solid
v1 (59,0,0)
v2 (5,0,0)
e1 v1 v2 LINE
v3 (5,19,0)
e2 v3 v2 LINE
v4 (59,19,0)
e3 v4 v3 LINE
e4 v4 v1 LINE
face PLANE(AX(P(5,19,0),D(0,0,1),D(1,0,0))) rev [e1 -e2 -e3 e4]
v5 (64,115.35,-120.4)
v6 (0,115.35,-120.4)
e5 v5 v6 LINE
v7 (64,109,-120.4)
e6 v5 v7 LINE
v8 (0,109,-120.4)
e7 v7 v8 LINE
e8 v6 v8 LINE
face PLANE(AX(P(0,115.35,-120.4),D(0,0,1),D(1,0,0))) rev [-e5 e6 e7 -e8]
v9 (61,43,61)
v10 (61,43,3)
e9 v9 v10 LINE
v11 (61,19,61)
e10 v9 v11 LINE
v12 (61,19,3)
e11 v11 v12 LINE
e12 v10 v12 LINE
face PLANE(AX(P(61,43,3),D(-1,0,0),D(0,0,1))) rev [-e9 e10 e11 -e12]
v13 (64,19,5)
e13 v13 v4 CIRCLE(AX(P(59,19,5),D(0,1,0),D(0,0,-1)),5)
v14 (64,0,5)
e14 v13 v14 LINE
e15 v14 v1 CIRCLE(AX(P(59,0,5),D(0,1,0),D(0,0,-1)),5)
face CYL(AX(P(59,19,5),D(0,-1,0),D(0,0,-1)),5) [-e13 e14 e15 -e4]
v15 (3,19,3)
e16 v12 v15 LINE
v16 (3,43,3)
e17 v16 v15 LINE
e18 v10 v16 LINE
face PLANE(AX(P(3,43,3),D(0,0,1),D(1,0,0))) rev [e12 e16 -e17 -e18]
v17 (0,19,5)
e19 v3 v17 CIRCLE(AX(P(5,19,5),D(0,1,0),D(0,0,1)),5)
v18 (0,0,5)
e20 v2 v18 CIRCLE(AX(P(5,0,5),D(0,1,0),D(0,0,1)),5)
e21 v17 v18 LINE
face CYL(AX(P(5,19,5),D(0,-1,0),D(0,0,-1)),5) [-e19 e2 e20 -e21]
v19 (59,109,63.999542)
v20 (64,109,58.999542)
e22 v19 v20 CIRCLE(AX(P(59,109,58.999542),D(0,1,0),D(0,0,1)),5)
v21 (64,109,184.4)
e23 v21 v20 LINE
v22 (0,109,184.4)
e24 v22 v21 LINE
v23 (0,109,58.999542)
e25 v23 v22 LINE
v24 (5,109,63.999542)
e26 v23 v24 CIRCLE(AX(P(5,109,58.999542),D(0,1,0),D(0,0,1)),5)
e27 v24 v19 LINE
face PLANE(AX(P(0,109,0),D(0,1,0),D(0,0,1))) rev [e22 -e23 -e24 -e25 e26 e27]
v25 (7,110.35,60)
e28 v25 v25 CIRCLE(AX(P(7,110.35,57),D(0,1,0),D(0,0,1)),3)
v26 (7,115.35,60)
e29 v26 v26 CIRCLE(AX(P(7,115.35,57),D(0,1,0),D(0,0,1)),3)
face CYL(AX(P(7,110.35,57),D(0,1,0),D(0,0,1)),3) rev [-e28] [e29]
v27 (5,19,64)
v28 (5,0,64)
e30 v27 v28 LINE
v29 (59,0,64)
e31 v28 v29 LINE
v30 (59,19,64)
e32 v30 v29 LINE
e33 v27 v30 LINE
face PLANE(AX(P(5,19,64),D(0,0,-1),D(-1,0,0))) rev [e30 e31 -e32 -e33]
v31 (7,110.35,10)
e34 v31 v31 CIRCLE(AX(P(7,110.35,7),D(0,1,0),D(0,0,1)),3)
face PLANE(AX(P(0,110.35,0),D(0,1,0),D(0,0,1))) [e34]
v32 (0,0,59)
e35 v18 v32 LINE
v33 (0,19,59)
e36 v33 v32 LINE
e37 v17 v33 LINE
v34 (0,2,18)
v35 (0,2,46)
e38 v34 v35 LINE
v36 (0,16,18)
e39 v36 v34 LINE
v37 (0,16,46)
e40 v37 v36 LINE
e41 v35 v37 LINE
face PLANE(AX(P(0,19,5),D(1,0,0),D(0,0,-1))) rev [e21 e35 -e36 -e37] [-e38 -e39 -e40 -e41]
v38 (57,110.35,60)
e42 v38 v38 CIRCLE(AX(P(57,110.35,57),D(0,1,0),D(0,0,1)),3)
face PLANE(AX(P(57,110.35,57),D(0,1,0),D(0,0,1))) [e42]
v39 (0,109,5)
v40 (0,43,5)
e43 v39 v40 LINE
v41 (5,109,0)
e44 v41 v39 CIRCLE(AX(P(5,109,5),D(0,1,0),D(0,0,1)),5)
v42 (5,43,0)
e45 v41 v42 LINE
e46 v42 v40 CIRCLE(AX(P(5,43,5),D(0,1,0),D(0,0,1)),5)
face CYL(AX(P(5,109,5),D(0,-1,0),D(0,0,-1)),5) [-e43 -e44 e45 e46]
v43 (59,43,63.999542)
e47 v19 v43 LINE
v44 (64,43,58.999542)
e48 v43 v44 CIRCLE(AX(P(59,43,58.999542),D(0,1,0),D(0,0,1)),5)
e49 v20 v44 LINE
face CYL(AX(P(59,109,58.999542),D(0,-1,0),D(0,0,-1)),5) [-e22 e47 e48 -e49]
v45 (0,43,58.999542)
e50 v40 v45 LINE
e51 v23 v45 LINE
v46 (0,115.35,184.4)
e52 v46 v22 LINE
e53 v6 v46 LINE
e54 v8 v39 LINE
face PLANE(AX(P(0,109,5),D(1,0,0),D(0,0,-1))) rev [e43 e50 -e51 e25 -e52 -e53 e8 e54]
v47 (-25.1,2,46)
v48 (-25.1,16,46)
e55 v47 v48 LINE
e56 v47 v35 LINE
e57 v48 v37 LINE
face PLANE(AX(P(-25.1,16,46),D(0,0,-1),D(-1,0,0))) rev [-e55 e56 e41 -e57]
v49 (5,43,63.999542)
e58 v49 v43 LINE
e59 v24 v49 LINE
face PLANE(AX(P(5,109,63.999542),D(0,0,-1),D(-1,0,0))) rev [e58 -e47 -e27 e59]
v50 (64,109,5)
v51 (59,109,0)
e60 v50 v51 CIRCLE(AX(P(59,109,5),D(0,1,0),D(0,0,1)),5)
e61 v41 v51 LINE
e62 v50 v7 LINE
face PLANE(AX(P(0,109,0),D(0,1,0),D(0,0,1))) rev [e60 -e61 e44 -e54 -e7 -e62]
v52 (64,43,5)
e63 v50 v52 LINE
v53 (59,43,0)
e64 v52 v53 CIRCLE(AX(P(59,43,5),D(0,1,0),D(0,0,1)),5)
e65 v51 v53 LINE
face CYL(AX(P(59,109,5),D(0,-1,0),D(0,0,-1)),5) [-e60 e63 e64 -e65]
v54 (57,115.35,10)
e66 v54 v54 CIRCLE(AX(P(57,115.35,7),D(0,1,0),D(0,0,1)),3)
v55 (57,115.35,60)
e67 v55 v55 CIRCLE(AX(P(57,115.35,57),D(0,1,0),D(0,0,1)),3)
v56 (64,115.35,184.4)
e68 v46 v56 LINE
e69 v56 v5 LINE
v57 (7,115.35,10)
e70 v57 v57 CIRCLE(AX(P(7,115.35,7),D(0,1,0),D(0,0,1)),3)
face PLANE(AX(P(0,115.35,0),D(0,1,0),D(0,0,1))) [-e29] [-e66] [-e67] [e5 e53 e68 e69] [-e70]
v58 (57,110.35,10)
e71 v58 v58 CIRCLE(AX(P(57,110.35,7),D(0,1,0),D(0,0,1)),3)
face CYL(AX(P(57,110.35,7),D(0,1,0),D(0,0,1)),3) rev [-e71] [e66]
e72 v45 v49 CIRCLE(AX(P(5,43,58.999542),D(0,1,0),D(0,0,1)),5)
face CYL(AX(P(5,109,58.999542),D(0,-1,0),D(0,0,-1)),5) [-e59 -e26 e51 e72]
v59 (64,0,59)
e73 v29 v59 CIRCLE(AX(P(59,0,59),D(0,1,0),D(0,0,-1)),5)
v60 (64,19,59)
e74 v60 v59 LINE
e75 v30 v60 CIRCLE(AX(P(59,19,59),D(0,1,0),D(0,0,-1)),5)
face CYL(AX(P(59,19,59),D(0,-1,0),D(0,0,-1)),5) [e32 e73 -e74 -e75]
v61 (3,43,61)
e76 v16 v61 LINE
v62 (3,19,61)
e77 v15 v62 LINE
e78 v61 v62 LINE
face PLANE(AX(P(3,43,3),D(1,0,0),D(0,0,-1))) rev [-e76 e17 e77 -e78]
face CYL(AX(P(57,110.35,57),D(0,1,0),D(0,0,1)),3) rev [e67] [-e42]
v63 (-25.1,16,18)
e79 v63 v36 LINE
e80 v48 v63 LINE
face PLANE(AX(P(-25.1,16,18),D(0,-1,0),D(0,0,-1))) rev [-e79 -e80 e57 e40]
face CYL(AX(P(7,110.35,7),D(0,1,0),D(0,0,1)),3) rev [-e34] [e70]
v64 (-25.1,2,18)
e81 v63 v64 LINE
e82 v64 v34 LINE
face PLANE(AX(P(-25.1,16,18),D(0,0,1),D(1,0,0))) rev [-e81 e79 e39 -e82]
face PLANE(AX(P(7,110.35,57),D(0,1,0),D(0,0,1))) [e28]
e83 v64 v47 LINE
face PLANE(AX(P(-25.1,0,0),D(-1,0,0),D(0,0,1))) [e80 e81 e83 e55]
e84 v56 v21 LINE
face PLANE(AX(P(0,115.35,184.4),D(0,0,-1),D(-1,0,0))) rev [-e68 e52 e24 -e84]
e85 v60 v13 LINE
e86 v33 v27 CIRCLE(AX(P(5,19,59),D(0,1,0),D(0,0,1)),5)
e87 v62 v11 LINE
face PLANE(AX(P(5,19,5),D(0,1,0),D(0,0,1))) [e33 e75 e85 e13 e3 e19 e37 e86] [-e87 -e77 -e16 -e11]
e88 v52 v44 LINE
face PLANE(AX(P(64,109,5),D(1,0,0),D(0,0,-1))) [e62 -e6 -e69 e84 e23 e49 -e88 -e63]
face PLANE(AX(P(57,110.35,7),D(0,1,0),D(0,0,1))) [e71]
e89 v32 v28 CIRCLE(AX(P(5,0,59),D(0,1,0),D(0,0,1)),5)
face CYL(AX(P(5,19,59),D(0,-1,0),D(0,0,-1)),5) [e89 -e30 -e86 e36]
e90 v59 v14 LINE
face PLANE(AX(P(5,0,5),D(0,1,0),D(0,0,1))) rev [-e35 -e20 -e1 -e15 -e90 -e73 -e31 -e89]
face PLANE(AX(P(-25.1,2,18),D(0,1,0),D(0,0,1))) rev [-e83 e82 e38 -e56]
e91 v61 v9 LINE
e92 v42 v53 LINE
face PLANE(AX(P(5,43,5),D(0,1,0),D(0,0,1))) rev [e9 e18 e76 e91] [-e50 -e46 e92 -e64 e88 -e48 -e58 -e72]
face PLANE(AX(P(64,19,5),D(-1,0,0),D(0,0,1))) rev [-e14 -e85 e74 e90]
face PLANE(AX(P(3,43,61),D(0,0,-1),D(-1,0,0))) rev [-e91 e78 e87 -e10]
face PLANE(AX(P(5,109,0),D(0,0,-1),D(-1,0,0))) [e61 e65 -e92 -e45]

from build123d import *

# Parameters (mm, degrees)
BOSS_EXTRUDE1_DEPTH = 19
SKETCH3_W           = 58
SKETCH3_H           = 58
BOSS_EXTRUDE2_DEPTH = 24
BOSS_EXTRUDE3_DEPTH = 66
SKETCH6_W           = 28
SKETCH6_H           = 14
BOSS_EXTRUDE4_DEPTH = 25.1
SKETCH7_W           = 64
SKETCH7_H           = 304.8
BOSS_EXTRUDE5_DEPTH = 6.35
SKETCH8_R           = 3
CUT_EXTRUDE1_DEPTH  = 5


with BuildPart() as part:
    # Sketch2 → Boss-Extrude1 (new body)
    with BuildSketch(Plane(origin=(0, 0, 0), x_dir=(1, 0, 0), z_dir=(0, 1, 0))):
        with BuildLine():
            Line((5, 0), (59, 0))
            ThreePointArc((59, 0), (62.535533906, -1.464466094), (64, -5))
            Line((64, -5), (64, -59))
            ThreePointArc((64, -59), (62.535533906, -62.535533906), (59, -64))
            Line((59, -64), (5, -64))
            ThreePointArc((5, -64), (1.464466094, -62.535533906), (0, -59))
            Line((0, -59), (0, -5))
            ThreePointArc((0, -5), (1.464466094, -1.464466094), (5, 0))
        make_face()
    extrude(amount=BOSS_EXTRUDE1_DEPTH)

    # Sketch3 → Boss-Extrude2 (add)
    with BuildSketch(Plane(origin=(0, 19, 0), x_dir=(1, 0, 0), z_dir=(0, 1, 0))):
        with Locations((32, -32)):
            Rectangle(SKETCH3_W, SKETCH3_H)
    extrude(amount=BOSS_EXTRUDE2_DEPTH)

    # Sketch4 → Boss-Extrude3 (add)
    with BuildSketch(Plane(origin=(0, 43, 0), x_dir=(1, 0, 0), z_dir=(0, 1, 0))):
        with BuildLine():
            Line((5, 0), (59, 0))
            ThreePointArc((59, 0), (62.535533906, -1.464466094), (64, -5))
            Line((64, -5), (64, -58.999541839))
            ThreePointArc((64, -58.999541839), (62.535533906, -62.535075745), (59, -63.999541839))
            Line((59, -63.999541839), (5, -63.999541839))
            ThreePointArc((5, -63.999541839), (1.464466094, -62.535075745), (0, -58.999541839))
            Line((0, -58.999541839), (0, -5))
            ThreePointArc((0, -5), (1.464466094, -1.464466094), (5, 0))
        make_face()
    extrude(amount=BOSS_EXTRUDE3_DEPTH)

    # Sketch6 → Boss-Extrude4 (add)
    with BuildSketch(Plane.ZY):
        with Locations((32, 9)):
            Rectangle(SKETCH6_W, SKETCH6_H)
    extrude(amount=BOSS_EXTRUDE4_DEPTH)

    # Sketch7 → Boss-Extrude5 (add)
    with BuildSketch(Plane(origin=(0, 109, 0), x_dir=(1, 0, 0), z_dir=(0, 1, 0))):
        with Locations((32, -32)):
            Rectangle(SKETCH7_W, SKETCH7_H)
    extrude(amount=BOSS_EXTRUDE5_DEPTH)

    # Sketch8 → Cut-Extrude1 (cut)
    with BuildSketch(Plane(origin=(0, 115.35, 0), x_dir=(1, 0, 0), z_dir=(0, 1, 0))):
        with BuildLine():
            ThreePointArc((7, -10), (9.121320344, -9.121320344), (10, -7))
            Line((10, -7), (7, -7))
            Line((7, -7), (7, -10))
        make_face()
        with BuildLine():
            Line((7, -7), (10, -7))
            ThreePointArc((10, -7), (4.878679656, -4.878679656), (7, -10))
            Line((7, -10), (7, -7))
        make_face()
        with Locations((57, -7)):
            Circle(SKETCH8_R)
        with Locations((57, -57)):
            Circle(SKETCH8_R)
        with Locations((7, -57)):
            Circle(SKETCH8_R)
    extrude(amount=-CUT_EXTRUDE1_DEPTH, mode=Mode.SUBTRACT)


solid = part.part
